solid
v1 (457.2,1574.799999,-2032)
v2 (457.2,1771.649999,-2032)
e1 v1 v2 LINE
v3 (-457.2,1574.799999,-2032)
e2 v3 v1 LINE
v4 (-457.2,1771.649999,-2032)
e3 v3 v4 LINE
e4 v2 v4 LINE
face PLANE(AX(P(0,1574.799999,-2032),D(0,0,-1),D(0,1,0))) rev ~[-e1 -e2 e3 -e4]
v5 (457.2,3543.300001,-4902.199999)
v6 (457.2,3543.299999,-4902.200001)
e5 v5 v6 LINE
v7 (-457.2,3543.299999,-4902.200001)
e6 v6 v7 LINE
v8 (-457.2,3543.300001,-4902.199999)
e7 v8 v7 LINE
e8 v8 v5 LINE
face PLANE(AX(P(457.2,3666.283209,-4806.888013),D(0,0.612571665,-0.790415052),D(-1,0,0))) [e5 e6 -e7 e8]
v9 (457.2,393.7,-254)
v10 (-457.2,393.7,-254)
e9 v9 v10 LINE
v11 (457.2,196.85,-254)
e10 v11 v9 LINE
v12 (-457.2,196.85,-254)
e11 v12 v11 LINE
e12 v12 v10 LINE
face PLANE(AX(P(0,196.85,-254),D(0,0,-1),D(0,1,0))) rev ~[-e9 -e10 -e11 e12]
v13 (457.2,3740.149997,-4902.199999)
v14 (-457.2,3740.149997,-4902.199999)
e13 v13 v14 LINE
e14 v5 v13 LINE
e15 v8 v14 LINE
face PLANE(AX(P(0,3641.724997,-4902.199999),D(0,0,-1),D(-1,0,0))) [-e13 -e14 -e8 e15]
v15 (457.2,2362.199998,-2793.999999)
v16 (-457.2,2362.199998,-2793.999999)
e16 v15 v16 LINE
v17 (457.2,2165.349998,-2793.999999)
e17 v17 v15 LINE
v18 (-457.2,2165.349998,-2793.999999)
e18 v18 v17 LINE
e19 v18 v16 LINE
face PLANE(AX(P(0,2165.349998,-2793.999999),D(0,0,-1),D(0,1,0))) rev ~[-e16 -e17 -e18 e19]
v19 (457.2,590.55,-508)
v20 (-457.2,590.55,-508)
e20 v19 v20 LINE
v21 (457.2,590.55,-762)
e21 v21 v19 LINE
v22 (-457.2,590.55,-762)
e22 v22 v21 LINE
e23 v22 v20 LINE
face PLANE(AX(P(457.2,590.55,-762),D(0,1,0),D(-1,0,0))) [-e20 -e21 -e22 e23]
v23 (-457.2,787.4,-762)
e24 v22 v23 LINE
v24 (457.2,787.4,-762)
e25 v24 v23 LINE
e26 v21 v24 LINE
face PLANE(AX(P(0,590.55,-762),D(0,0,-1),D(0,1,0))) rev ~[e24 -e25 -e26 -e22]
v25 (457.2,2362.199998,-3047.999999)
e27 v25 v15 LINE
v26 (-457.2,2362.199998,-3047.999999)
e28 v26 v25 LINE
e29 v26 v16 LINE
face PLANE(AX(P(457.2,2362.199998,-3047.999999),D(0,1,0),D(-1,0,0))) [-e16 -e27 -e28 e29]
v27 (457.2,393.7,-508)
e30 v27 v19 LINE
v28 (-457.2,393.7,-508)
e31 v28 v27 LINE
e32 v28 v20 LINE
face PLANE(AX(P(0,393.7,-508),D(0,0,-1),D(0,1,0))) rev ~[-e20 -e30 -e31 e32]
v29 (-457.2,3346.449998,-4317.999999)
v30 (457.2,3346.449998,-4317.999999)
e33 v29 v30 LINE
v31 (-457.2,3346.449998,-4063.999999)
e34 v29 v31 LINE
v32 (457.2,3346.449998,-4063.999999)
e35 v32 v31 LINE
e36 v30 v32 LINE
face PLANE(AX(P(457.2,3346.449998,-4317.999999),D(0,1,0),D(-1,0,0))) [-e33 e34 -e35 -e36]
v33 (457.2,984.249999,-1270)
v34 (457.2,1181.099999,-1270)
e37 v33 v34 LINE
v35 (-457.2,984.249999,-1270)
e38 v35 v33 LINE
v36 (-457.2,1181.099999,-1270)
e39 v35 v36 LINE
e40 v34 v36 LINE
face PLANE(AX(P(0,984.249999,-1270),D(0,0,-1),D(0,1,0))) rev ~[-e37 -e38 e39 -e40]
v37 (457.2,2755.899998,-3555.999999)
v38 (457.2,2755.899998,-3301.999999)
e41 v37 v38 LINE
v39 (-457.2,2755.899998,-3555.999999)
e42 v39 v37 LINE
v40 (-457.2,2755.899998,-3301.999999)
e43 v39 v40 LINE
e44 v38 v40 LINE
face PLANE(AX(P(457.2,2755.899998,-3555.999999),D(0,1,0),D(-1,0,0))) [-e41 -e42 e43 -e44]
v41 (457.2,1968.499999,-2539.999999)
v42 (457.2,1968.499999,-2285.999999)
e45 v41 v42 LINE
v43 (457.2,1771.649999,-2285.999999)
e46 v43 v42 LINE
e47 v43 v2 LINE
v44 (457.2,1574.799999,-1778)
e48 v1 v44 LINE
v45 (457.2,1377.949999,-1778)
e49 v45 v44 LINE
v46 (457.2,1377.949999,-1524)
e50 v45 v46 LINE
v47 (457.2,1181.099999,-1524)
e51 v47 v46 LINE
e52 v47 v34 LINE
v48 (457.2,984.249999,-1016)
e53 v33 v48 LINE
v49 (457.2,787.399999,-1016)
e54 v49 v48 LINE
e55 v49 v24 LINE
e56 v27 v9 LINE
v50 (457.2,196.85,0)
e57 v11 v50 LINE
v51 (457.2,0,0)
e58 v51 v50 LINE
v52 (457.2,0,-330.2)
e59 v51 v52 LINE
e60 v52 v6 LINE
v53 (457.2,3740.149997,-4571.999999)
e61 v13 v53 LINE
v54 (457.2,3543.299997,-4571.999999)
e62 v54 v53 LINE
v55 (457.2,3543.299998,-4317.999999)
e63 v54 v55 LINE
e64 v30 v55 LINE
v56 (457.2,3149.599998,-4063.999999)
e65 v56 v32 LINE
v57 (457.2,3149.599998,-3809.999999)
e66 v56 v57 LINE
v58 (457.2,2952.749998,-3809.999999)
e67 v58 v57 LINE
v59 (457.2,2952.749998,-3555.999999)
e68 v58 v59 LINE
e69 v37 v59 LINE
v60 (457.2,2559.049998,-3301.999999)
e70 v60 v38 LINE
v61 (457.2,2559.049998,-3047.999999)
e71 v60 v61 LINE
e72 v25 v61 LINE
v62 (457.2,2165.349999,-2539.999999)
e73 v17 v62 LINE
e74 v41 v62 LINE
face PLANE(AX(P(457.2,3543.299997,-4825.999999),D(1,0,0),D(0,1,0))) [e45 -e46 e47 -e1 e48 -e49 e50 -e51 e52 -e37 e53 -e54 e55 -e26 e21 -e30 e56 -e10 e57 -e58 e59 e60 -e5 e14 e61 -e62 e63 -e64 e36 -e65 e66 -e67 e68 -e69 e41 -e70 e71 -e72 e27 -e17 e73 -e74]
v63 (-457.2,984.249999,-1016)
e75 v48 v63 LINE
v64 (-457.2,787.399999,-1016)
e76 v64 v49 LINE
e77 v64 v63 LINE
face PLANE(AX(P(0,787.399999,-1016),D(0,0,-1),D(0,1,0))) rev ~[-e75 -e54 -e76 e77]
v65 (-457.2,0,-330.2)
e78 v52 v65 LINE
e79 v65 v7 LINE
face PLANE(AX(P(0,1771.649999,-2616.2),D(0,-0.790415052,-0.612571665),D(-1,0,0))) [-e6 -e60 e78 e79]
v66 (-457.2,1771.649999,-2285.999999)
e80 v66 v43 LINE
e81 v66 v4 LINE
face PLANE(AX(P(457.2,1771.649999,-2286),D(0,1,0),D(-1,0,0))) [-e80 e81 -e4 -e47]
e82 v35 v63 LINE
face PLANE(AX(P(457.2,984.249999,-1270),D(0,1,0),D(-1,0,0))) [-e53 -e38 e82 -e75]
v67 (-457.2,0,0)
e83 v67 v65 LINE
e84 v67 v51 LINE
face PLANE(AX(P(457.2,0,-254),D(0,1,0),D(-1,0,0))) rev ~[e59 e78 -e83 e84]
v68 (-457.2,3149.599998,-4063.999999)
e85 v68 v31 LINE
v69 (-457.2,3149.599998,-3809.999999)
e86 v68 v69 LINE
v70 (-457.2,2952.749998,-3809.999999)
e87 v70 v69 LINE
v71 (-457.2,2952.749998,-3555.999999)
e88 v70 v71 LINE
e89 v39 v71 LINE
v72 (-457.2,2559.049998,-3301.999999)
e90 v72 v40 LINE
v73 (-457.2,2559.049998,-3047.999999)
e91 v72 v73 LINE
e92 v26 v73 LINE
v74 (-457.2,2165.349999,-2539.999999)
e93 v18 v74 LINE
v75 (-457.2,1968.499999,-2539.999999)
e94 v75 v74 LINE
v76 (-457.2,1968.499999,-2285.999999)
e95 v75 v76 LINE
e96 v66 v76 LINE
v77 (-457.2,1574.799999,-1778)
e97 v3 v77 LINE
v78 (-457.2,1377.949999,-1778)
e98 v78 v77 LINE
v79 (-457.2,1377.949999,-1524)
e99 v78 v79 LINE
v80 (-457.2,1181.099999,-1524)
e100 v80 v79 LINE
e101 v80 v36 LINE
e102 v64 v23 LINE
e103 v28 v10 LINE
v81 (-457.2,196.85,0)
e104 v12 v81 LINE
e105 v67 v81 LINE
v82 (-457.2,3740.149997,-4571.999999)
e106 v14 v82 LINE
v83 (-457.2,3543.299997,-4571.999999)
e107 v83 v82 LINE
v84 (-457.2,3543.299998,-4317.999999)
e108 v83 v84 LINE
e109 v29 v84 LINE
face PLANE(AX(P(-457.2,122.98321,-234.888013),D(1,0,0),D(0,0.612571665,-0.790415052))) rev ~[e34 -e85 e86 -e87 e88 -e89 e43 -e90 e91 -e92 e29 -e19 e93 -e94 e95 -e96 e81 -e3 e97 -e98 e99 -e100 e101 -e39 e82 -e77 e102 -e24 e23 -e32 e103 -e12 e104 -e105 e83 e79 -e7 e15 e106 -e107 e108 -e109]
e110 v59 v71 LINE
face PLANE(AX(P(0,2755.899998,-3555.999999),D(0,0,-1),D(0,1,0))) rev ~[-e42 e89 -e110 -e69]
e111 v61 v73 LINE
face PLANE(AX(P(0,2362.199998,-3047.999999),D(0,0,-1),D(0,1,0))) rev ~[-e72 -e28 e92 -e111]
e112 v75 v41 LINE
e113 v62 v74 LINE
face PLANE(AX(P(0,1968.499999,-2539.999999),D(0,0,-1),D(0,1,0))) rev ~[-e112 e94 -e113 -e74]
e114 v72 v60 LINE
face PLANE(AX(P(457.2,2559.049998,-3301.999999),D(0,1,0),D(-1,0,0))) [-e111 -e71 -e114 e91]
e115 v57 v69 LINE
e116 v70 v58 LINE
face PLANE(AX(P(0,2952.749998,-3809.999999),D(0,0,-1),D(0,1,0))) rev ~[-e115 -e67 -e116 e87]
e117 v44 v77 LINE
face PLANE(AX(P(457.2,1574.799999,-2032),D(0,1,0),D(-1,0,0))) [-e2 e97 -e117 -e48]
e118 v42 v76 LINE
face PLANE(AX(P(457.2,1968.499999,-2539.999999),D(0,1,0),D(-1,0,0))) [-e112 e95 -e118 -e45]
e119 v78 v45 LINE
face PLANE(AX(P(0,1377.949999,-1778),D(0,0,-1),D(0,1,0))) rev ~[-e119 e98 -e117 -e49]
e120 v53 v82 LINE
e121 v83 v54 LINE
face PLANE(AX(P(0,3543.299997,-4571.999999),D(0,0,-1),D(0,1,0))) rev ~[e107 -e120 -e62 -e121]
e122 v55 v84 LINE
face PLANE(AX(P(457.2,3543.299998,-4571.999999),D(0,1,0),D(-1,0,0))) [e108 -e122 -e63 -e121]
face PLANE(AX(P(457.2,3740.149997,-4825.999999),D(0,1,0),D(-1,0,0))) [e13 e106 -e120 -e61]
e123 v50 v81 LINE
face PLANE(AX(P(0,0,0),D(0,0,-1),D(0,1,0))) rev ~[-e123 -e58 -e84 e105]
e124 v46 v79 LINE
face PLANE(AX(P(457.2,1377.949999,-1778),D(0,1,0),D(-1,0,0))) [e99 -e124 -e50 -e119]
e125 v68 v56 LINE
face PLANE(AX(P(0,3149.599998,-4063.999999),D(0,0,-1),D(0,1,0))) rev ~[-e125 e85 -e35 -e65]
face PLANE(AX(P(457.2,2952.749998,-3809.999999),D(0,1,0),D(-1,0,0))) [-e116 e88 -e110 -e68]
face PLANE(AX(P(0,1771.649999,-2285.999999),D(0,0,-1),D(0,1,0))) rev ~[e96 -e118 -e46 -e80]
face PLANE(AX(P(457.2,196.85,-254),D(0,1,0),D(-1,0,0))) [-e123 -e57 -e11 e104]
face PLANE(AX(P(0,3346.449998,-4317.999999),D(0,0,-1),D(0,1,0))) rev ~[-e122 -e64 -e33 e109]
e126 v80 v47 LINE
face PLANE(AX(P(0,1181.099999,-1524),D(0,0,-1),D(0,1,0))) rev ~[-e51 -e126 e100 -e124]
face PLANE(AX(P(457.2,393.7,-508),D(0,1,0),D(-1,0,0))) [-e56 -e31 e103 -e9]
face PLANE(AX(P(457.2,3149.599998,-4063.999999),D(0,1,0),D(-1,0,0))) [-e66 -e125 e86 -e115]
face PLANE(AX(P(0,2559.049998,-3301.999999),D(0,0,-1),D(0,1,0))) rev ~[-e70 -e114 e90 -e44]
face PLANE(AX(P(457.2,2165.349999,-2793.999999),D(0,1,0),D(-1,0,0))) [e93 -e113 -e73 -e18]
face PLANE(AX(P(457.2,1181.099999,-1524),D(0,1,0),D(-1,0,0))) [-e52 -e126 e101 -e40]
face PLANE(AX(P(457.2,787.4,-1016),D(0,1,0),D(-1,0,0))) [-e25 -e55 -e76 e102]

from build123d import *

# Parameters (mm, degrees)
SKETCH1_W                  = 254
SKETCH1_H                  = 196.85
MODELSTEP_DEPTH            = 457.2
SKETCH4_W                  = 914.4
SKETCH4_H                  = 196.85
EXTRUDEMAXSTAIRWIDTH_DEPTH = 76.2
PATTERN_STAIRS_COUNT       = 19
PATTERN_STAIRS_PITCH       = 321.350155594
COMBINESTAIRS_START        = -155.593203
SKETCH5_W                  = 914.4
SKETCH5_H                  = 5784.302800684
COMBINESTAIRS_DEPTH        = 155.593203


with BuildPart() as part:
    # Sketch1 → ModelStep (new body, symmetric)
    with BuildSketch(Plane(origin=(0, 0, 0), x_dir=(0, 0, -1), z_dir=(1, 0, 0))):
        with Locations((127, 98.425)):
            Rectangle(SKETCH1_W, SKETCH1_H)
    extrude(amount=MODELSTEP_DEPTH, both=True)

    # Sketch4 → ExtrudeMaxStairWidth (add)
    with BuildSketch(Plane(origin=(0, 0, -254), x_dir=(-1, 0, 0), z_dir=(0, 0, -1))):
        with Locations((0, 98.425)):
            Rectangle(SKETCH4_W, SKETCH4_H)
    extrude(amount=EXTRUDEMAXSTAIRWIDTH_DEPTH)


with BuildPart() as pattern_stairs_1:
    # Pattern stairs: pattern copy
    add(part.part.moved(Location(Vector(0, 0.612571665, -0.790415052) * (1 * PATTERN_STAIRS_PITCH))))


with BuildPart() as pattern_stairs_2:
    # Pattern stairs: pattern copy
    add(part.part.moved(Location(Vector(0, 0.612571665, -0.790415052) * (2 * PATTERN_STAIRS_PITCH))))


with BuildPart() as pattern_stairs_3:
    # Pattern stairs: pattern copy
    add(part.part.moved(Location(Vector(0, 0.612571665, -0.790415052) * (3 * PATTERN_STAIRS_PITCH))))


with BuildPart() as pattern_stairs_4:
    # Pattern stairs: pattern copy
    add(part.part.moved(Location(Vector(0, 0.612571665, -0.790415052) * (4 * PATTERN_STAIRS_PITCH))))


with BuildPart() as pattern_stairs_5:
    # Pattern stairs: pattern copy
    add(part.part.moved(Location(Vector(0, 0.612571665, -0.790415052) * (5 * PATTERN_STAIRS_PITCH))))


with BuildPart() as pattern_stairs_6:
    # Pattern stairs: pattern copy
    add(part.part.moved(Location(Vector(0, 0.612571665, -0.790415052) * (6 * PATTERN_STAIRS_PITCH))))


with BuildPart() as pattern_stairs_7:
    # Pattern stairs: pattern copy
    add(part.part.moved(Location(Vector(0, 0.612571665, -0.790415052) * (7 * PATTERN_STAIRS_PITCH))))


with BuildPart() as pattern_stairs_8:
    # Pattern stairs: pattern copy
    add(part.part.moved(Location(Vector(0, 0.612571665, -0.790415052) * (8 * PATTERN_STAIRS_PITCH))))


with BuildPart() as pattern_stairs_9:
    # Pattern stairs: pattern copy
    add(part.part.moved(Location(Vector(0, 0.612571665, -0.790415052) * (9 * PATTERN_STAIRS_PITCH))))


with BuildPart() as pattern_stairs_10:
    # Pattern stairs: pattern copy
    add(part.part.moved(Location(Vector(0, 0.612571665, -0.790415052) * (10 * PATTERN_STAIRS_PITCH))))


with BuildPart() as pattern_stairs_11:
    # Pattern stairs: pattern copy
    add(part.part.moved(Location(Vector(0, 0.612571665, -0.790415052) * (11 * PATTERN_STAIRS_PITCH))))


with BuildPart() as pattern_stairs_12:
    # Pattern stairs: pattern copy
    add(part.part.moved(Location(Vector(0, 0.612571665, -0.790415052) * (12 * PATTERN_STAIRS_PITCH))))


with BuildPart() as pattern_stairs_13:
    # Pattern stairs: pattern copy
    add(part.part.moved(Location(Vector(0, 0.612571665, -0.790415052) * (13 * PATTERN_STAIRS_PITCH))))


with BuildPart() as pattern_stairs_14:
    # Pattern stairs: pattern copy
    add(part.part.moved(Location(Vector(0, 0.612571665, -0.790415052) * (14 * PATTERN_STAIRS_PITCH))))


with BuildPart() as pattern_stairs_15:
    # Pattern stairs: pattern copy
    add(part.part.moved(Location(Vector(0, 0.612571665, -0.790415052) * (15 * PATTERN_STAIRS_PITCH))))


with BuildPart() as pattern_stairs_16:
    # Pattern stairs: pattern copy
    add(part.part.moved(Location(Vector(0, 0.612571665, -0.790415052) * (16 * PATTERN_STAIRS_PITCH))))


with BuildPart() as pattern_stairs_17:
    # Pattern stairs: pattern copy
    add(part.part.moved(Location(Vector(0, 0.612571665, -0.790415052) * (17 * PATTERN_STAIRS_PITCH))))


with BuildPart() as pattern_stairs_18:
    # Pattern stairs: pattern copy
    add(part.part.moved(Location(Vector(0, 0.612571665, -0.790415052) * (18 * PATTERN_STAIRS_PITCH))))


with BuildPart() as part_1:
    add(part.part)

    add(pattern_stairs_1.part)  # CombineStairs merges Pattern stairs_1

    add(pattern_stairs_2.part)  # CombineStairs merges Pattern stairs_2

    add(pattern_stairs_3.part)  # CombineStairs merges Pattern stairs_3

    add(pattern_stairs_4.part)  # CombineStairs merges Pattern stairs_4

    add(pattern_stairs_5.part)  # CombineStairs merges Pattern stairs_5

    add(pattern_stairs_6.part)  # CombineStairs merges Pattern stairs_6

    add(pattern_stairs_7.part)  # CombineStairs merges Pattern stairs_7

    add(pattern_stairs_8.part)  # CombineStairs merges Pattern stairs_8

    add(pattern_stairs_9.part)  # CombineStairs merges Pattern stairs_9

    add(pattern_stairs_10.part)  # CombineStairs merges Pattern stairs_10

    add(pattern_stairs_11.part)  # CombineStairs merges Pattern stairs_11

    add(pattern_stairs_12.part)  # CombineStairs merges Pattern stairs_12

    add(pattern_stairs_13.part)  # CombineStairs merges Pattern stairs_13

    add(pattern_stairs_14.part)  # CombineStairs merges Pattern stairs_14

    add(pattern_stairs_15.part)  # CombineStairs merges Pattern stairs_15

    add(pattern_stairs_16.part)  # CombineStairs merges Pattern stairs_16

    add(pattern_stairs_17.part)  # CombineStairs merges Pattern stairs_17

    add(pattern_stairs_18.part)  # CombineStairs merges Pattern stairs_18
    # Sketch5 → CombineStairs (add)
    with BuildSketch(Plane(origin=(0, -159.878172589, -123.905583756), x_dir=(-1, 0, 0), z_dir=(0, -0.790415052, -0.612571665)).offset(COMBINESTAIRS_START)):
        with Locations((0, 3153.14645057)):
            Rectangle(SKETCH5_W, SKETCH5_H)
    extrude(amount=COMBINESTAIRS_DEPTH)


solid = part_1.part
